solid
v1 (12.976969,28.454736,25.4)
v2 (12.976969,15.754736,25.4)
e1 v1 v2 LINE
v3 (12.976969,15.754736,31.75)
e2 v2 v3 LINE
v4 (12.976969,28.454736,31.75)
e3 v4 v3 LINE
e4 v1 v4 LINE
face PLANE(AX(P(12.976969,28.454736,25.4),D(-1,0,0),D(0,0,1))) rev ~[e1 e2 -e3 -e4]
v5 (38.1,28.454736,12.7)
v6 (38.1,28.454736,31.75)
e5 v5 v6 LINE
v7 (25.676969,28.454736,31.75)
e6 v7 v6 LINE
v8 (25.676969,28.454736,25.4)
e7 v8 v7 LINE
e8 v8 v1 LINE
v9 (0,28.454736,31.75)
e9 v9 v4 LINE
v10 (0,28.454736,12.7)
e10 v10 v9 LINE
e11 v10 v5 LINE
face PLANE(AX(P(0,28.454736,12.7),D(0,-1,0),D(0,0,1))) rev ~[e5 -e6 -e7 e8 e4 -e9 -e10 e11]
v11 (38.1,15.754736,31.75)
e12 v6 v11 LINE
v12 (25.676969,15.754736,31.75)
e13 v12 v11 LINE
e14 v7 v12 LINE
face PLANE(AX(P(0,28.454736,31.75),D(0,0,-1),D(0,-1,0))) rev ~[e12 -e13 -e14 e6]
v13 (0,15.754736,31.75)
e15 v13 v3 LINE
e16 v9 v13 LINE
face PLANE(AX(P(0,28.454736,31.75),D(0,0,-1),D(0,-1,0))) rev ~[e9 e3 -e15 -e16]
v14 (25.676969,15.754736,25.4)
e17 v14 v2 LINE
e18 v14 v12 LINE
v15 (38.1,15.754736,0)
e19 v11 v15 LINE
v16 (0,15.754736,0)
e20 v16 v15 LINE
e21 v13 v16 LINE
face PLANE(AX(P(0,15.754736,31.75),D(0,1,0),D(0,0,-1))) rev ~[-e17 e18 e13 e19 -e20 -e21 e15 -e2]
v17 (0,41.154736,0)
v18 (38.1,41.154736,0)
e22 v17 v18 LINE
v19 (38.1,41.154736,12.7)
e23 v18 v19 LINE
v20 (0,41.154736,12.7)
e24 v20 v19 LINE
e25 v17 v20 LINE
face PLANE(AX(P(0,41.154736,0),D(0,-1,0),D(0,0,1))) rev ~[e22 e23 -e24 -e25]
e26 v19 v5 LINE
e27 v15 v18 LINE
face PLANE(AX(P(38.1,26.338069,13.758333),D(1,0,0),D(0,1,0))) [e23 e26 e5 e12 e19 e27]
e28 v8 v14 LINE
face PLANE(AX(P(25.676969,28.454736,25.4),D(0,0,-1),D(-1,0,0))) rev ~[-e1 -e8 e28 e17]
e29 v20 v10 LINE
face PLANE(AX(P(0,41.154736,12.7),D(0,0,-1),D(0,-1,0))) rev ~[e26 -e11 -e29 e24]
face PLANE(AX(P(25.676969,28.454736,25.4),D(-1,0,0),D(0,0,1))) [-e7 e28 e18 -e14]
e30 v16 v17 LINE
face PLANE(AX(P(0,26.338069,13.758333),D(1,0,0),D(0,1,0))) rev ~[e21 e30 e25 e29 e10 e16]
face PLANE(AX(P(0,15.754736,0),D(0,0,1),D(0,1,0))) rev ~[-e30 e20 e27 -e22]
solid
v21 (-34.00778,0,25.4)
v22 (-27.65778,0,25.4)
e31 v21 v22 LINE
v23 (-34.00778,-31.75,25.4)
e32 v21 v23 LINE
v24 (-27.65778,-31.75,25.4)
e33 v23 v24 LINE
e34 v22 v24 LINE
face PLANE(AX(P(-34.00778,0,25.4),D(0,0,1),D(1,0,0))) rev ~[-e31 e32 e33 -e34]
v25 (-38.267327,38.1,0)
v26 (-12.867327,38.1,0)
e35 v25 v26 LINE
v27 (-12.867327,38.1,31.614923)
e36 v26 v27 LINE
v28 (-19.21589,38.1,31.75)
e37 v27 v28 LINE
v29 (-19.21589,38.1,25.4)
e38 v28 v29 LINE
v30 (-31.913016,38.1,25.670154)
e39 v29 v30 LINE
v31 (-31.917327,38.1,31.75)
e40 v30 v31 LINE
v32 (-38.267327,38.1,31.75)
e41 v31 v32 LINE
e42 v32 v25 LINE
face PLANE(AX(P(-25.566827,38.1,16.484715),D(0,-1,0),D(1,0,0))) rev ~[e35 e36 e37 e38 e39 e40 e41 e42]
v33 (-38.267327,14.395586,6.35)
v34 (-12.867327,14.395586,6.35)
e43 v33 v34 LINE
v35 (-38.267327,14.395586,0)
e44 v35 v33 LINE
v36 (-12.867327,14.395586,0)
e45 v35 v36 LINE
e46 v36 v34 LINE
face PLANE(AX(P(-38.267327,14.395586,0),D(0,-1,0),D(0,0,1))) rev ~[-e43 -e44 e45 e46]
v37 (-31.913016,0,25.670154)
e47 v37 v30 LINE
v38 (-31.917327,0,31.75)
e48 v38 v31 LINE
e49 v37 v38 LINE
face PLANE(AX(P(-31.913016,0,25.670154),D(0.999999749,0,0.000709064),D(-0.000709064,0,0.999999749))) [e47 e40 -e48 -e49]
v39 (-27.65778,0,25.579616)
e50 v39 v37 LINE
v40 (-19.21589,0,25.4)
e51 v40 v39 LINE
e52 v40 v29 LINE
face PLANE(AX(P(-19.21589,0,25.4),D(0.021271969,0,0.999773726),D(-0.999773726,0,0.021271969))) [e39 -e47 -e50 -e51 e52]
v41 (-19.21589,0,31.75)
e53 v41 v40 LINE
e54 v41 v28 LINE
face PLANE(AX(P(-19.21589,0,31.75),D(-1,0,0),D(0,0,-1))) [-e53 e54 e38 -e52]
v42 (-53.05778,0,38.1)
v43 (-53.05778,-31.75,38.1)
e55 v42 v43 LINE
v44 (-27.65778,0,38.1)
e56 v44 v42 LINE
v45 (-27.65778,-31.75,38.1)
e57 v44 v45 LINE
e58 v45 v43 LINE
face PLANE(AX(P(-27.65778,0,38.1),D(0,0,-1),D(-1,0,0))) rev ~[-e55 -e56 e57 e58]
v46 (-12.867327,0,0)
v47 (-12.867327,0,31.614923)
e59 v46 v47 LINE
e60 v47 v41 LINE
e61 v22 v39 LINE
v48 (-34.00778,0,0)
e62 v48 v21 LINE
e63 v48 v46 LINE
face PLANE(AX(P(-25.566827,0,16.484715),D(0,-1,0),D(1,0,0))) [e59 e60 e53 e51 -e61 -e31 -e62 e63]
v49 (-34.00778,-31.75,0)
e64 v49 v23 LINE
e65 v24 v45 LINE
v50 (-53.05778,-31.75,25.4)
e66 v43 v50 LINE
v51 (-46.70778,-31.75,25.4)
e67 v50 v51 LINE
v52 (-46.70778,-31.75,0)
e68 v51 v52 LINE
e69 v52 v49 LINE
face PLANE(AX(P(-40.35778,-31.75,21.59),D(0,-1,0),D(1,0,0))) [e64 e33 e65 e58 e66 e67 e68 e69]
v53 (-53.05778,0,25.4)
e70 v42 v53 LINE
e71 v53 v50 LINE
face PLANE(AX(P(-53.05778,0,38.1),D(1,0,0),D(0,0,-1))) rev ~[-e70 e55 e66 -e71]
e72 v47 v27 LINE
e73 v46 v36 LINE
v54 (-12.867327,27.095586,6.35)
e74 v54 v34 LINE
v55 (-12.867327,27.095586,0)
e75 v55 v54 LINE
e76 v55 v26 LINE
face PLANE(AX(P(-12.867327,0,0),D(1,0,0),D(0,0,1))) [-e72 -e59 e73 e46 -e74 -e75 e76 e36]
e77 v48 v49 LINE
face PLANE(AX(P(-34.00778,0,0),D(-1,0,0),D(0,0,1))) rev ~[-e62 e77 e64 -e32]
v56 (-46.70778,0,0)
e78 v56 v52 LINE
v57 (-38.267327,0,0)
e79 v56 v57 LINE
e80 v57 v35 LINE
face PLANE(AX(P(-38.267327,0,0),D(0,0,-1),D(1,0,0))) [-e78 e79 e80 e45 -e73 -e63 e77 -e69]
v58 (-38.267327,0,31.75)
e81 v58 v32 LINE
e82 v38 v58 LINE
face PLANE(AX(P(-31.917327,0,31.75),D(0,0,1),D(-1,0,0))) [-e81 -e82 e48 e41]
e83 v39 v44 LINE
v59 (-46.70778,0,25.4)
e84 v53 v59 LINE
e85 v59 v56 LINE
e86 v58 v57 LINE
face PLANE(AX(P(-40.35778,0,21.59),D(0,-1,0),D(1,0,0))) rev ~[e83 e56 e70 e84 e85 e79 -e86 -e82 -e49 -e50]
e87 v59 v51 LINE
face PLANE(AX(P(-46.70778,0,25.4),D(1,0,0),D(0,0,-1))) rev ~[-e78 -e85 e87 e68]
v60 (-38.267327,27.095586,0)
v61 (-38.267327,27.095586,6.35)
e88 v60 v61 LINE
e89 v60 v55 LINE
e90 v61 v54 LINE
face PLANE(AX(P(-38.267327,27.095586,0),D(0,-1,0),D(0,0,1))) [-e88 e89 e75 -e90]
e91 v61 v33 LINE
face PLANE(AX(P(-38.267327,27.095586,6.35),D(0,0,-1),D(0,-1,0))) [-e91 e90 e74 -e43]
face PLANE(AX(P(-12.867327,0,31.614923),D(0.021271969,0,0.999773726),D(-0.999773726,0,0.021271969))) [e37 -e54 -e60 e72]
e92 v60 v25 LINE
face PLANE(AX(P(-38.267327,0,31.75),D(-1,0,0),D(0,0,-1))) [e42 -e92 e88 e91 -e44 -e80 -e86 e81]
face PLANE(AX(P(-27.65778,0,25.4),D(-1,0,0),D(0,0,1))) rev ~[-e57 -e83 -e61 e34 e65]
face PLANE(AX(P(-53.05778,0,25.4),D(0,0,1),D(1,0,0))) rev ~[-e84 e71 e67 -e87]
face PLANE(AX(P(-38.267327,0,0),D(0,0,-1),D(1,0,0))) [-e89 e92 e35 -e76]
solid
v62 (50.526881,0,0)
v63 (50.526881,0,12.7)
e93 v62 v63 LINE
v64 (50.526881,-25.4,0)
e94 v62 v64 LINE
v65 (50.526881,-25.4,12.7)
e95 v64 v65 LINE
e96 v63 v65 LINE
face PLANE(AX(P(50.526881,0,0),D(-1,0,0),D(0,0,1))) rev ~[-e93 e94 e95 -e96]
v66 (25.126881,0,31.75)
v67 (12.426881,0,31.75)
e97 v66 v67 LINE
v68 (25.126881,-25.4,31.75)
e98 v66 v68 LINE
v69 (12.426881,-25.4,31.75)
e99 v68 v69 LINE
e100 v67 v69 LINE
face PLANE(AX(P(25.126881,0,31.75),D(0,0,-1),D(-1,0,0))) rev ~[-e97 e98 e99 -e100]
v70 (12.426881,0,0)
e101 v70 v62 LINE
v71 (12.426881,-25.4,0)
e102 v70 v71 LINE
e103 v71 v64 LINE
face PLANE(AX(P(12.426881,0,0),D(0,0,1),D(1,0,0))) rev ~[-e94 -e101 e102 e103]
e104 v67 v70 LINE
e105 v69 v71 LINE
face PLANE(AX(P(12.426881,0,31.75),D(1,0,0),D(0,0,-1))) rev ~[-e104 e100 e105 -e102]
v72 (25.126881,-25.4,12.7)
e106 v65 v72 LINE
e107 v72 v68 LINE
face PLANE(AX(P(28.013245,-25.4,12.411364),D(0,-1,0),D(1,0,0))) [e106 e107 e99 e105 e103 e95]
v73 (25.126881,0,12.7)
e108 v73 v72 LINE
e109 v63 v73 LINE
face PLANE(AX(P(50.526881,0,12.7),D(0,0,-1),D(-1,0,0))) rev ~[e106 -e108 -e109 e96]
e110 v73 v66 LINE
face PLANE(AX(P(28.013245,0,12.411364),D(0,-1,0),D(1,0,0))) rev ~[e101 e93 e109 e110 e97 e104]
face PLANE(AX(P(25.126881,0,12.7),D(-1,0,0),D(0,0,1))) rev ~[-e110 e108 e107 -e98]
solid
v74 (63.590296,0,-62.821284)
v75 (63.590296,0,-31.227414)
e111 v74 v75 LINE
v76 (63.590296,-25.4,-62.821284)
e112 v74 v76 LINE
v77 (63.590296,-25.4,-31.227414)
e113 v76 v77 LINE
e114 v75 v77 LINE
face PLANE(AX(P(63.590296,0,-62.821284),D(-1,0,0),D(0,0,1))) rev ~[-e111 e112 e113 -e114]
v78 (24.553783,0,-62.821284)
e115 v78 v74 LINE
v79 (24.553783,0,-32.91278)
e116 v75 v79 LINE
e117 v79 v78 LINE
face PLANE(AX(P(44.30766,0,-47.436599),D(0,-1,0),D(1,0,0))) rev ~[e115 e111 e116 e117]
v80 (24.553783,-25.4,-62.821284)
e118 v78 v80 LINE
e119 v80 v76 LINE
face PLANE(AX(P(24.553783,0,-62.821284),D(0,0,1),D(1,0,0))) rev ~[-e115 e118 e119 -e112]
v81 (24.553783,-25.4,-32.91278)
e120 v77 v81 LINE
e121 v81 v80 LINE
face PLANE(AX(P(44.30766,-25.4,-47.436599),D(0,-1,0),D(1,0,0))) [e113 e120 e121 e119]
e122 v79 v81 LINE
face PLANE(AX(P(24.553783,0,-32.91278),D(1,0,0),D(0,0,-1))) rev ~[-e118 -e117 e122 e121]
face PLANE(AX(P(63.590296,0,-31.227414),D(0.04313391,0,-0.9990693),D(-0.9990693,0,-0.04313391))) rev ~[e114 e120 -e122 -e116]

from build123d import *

# Parameters (mm, degrees)
F1_DEPTH  = 25.4
F3_DEPTH  = 31.75
F5_DEPTH  = 38.1
F6_W      = 12.7
F6_H      = 6.35
F7_DEPTH  = 25.4
F9_DEPTH  = 38.1
F10_W     = 12.7
F10_H     = 6.35
F11_DEPTH = 25.4
F13_DEPTH = 25.4


with BuildPart() as f1:
    # F0 (on Front) → F1 (new body)
    with BuildSketch(Plane.XZ):
        Polygon((25.126881, 31.75), (12.426881, 31.75), (12.426881, 0), (50.526881, 0), (50.526881, 12.7), (25.126881, 12.7), align=None)
    extrude(amount=F1_DEPTH)


with BuildPart() as f3:
    # F2 (on Front) → F3 (new body)
    with BuildSketch(Plane.XZ):
        Polygon((-27.65778, 38.1), (-53.05778, 38.1), (-53.05778, 25.4), (-46.70778, 25.4), (-46.70778, 0), (-34.00778, 0), (-34.00778, 25.4), (-27.65778, 25.4), align=None)
    extrude(amount=F3_DEPTH)

    # F8 (on Front) → F9 (join)
    with BuildSketch(Plane.XZ):
        Polygon((-38.267327, 0), (-12.867327, 0), (-12.867327, 31.614923), (-19.21589, 31.75), (-19.21589, 25.4), (-31.913016, 25.670154), (-31.917327, 31.75), (-38.267327, 31.75), align=None)
    extrude(amount=-F9_DEPTH)

    # F10 (on face) → F11 (cut)
    with BuildSketch(Plane(origin=(-38.267327, 0, 0), x_dir=(0, -1, 0), z_dir=(-1, 0, 0))):
        with Locations((-20.745586, 3.175)):
            Rectangle(F10_W, F10_H)
    extrude(amount=-F11_DEPTH, mode=Mode.SUBTRACT)


with BuildPart() as f5:
    # F4 (on Right) → F5 (new body)
    with BuildSketch(Plane.YZ):
        Polygon((15.754736, 31.75), (15.754736, 0), (41.154736, 0), (41.154736, 12.7), (28.454736, 12.7), (28.454736, 31.75), align=None)
    extrude(amount=F5_DEPTH)

    # F6 (on face) → F7 (cut)
    with BuildSketch(Plane(origin=(0, 28.454736, 0), x_dir=(-1, 0, 0), z_dir=(0, 1, 0))):
        with Locations((-19.326969, 28.575)):
            Rectangle(F6_W, F6_H)
    extrude(amount=-F7_DEPTH, mode=Mode.SUBTRACT)


with BuildPart() as f13:
    # F12 (on Front) → F13 (new body)
    with BuildSketch(Plane.XZ):
        Polygon((63.590296, -31.227414), (24.553783, -32.91278), (24.553783, -62.821284), (63.590296, -62.821284), align=None)
    extrude(amount=F13_DEPTH)


solid = Compound([f1.part, f3.part, f5.part, f13.part])
